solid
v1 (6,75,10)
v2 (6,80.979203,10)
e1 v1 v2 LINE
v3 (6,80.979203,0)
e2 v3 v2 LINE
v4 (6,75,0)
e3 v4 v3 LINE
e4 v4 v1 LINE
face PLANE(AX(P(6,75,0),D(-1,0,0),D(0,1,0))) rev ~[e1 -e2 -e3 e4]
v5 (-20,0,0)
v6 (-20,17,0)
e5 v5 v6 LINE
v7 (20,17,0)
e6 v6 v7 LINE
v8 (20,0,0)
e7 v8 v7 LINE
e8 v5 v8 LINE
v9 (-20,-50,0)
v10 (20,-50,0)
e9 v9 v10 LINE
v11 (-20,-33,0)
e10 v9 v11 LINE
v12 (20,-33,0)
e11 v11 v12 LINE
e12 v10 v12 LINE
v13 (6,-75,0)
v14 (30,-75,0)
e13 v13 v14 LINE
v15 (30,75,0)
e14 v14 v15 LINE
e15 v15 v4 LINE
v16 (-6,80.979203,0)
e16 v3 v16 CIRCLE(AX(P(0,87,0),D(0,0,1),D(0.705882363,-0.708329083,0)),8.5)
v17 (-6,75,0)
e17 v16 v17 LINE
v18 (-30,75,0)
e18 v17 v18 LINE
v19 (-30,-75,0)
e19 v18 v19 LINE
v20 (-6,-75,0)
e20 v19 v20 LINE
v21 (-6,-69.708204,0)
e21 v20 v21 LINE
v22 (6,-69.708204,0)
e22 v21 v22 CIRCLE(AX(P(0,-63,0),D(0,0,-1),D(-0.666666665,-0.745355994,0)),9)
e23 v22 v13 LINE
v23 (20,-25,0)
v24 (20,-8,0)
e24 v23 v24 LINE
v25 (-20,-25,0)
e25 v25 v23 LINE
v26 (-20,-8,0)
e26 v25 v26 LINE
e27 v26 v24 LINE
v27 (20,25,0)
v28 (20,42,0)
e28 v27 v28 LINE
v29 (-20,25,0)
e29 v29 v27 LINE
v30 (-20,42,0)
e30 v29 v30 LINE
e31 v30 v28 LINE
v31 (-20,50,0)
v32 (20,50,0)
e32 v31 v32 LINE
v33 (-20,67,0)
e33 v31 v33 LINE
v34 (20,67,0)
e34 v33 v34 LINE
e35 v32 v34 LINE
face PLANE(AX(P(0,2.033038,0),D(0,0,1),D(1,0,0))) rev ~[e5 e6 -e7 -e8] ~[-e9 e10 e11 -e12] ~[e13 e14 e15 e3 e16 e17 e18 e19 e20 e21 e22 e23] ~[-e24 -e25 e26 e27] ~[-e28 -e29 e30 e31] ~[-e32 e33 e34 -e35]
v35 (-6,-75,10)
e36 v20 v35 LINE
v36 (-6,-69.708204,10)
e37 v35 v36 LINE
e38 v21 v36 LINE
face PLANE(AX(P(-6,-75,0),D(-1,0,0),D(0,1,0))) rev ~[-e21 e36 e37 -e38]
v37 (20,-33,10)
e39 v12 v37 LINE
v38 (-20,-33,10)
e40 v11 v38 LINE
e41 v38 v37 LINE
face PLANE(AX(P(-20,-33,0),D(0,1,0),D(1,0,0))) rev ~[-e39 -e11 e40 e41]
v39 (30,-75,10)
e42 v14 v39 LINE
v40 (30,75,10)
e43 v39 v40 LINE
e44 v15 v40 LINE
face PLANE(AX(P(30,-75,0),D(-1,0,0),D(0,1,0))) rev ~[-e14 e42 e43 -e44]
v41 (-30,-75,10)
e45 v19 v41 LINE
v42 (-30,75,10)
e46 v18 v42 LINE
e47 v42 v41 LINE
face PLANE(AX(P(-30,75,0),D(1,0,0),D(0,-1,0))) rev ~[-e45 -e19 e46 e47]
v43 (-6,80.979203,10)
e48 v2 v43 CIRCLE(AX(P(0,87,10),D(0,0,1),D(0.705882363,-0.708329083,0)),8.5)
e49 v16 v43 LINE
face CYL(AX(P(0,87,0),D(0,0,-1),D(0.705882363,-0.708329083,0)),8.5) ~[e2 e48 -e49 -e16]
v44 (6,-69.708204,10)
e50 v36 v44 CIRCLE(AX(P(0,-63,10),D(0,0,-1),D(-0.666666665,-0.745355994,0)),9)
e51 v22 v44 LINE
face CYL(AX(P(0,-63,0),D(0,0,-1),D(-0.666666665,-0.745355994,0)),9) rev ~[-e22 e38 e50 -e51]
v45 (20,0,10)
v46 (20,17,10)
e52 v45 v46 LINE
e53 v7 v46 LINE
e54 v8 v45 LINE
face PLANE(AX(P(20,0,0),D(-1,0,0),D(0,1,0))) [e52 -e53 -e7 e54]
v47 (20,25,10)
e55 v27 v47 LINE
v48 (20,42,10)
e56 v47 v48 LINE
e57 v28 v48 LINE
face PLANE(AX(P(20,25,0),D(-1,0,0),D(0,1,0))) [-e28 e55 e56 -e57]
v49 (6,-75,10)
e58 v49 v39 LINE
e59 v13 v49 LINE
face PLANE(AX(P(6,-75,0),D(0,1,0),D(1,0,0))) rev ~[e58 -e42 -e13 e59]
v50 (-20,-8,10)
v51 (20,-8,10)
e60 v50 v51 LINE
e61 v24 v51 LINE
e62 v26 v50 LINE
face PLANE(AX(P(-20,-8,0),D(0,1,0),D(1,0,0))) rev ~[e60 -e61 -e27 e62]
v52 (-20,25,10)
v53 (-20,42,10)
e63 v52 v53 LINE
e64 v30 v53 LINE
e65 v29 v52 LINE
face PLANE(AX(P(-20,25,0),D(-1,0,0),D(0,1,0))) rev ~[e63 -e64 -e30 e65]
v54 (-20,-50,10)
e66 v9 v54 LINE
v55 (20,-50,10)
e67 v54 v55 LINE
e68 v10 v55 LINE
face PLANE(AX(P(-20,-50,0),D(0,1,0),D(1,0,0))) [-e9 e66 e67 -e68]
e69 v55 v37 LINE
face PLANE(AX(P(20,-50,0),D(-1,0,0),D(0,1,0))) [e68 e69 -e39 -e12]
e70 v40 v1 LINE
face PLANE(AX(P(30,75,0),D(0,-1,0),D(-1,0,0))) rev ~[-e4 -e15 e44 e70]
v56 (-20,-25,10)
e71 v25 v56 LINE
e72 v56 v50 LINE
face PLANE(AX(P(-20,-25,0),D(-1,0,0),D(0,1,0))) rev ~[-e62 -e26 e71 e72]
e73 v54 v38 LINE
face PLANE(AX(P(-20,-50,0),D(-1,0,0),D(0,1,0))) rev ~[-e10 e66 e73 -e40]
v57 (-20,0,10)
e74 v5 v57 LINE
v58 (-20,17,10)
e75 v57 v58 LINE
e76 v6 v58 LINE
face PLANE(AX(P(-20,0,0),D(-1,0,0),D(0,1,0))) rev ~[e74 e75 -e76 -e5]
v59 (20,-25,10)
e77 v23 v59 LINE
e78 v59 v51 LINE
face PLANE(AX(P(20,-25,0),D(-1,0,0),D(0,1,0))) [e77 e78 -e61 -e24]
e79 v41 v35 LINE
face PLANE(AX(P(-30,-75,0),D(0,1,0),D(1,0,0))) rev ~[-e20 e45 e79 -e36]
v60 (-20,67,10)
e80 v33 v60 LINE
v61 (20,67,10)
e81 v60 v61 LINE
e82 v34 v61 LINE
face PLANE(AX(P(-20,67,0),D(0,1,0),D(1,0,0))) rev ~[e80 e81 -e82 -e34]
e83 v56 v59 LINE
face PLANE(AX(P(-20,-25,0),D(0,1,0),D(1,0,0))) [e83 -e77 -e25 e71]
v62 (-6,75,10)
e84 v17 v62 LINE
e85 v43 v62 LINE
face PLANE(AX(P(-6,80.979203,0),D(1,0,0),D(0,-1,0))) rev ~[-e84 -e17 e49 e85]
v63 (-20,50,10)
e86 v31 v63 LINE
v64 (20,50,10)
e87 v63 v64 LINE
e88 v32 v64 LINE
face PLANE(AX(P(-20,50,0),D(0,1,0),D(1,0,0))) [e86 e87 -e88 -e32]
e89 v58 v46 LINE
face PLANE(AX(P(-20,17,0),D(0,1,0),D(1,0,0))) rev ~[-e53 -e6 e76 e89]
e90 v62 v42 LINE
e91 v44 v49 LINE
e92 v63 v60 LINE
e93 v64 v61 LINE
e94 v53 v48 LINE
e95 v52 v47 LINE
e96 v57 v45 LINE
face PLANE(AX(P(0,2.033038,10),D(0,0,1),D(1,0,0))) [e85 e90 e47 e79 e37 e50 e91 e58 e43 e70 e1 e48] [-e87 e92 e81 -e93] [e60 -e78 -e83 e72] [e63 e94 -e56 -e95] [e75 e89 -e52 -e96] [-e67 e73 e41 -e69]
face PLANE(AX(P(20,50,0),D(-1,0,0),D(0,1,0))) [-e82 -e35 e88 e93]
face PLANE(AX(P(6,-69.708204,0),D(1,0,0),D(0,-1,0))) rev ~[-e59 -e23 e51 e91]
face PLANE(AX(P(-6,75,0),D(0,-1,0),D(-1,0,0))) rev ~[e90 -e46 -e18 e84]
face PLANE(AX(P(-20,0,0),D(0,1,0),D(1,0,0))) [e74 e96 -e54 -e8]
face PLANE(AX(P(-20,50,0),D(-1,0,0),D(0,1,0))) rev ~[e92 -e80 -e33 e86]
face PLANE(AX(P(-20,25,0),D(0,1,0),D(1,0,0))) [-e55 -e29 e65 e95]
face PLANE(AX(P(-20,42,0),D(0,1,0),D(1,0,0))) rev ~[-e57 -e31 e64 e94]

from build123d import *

# Parameters (mm, degrees)
F0_W     = 40
F0_H     = 17
F1_DEPTH = 10


with BuildPart() as f1:
    # F0 (on Top) → F1 (new body)
    with BuildSketch(Plane.XY):
        with BuildLine():
            Line((-6, 75), (-30, 75))
            Line((-30, 75), (-30, -75))
            Line((-30, -75), (-6, -75))
            Line((-6, -75), (-6, -69.708204))
            ThreePointArc((-6, -69.708204), (0, -54), (6, -69.708204))
            Line((6, -69.708204), (6, -75))
            Line((6, -75), (30, -75))
            Line((30, -75), (30, 75))
            Line((30, 75), (6, 75))
            Line((6, 75), (6, 80.979203))
            ThreePointArc((6, 80.979203), (0, 95.5), (-6, 80.979203))
            Line((-6, 80.979203), (-6, 75))
        make_face()
        with Locations((0, -41.5)):
            Rectangle(F0_W, F0_H, mode=Mode.SUBTRACT)
        with Locations((0, -16.5)):
            Rectangle(F0_W, F0_H, mode=Mode.SUBTRACT)
        with Locations((0, 8.5)):
            Rectangle(F0_W, F0_H, mode=Mode.SUBTRACT)
        with Locations((0, 33.5)):
            Rectangle(F0_W, F0_H, mode=Mode.SUBTRACT)
        with Locations((0, 58.5)):
            Rectangle(F0_W, F0_H, mode=Mode.SUBTRACT)
    extrude(amount=F1_DEPTH)


solid = f1.part
